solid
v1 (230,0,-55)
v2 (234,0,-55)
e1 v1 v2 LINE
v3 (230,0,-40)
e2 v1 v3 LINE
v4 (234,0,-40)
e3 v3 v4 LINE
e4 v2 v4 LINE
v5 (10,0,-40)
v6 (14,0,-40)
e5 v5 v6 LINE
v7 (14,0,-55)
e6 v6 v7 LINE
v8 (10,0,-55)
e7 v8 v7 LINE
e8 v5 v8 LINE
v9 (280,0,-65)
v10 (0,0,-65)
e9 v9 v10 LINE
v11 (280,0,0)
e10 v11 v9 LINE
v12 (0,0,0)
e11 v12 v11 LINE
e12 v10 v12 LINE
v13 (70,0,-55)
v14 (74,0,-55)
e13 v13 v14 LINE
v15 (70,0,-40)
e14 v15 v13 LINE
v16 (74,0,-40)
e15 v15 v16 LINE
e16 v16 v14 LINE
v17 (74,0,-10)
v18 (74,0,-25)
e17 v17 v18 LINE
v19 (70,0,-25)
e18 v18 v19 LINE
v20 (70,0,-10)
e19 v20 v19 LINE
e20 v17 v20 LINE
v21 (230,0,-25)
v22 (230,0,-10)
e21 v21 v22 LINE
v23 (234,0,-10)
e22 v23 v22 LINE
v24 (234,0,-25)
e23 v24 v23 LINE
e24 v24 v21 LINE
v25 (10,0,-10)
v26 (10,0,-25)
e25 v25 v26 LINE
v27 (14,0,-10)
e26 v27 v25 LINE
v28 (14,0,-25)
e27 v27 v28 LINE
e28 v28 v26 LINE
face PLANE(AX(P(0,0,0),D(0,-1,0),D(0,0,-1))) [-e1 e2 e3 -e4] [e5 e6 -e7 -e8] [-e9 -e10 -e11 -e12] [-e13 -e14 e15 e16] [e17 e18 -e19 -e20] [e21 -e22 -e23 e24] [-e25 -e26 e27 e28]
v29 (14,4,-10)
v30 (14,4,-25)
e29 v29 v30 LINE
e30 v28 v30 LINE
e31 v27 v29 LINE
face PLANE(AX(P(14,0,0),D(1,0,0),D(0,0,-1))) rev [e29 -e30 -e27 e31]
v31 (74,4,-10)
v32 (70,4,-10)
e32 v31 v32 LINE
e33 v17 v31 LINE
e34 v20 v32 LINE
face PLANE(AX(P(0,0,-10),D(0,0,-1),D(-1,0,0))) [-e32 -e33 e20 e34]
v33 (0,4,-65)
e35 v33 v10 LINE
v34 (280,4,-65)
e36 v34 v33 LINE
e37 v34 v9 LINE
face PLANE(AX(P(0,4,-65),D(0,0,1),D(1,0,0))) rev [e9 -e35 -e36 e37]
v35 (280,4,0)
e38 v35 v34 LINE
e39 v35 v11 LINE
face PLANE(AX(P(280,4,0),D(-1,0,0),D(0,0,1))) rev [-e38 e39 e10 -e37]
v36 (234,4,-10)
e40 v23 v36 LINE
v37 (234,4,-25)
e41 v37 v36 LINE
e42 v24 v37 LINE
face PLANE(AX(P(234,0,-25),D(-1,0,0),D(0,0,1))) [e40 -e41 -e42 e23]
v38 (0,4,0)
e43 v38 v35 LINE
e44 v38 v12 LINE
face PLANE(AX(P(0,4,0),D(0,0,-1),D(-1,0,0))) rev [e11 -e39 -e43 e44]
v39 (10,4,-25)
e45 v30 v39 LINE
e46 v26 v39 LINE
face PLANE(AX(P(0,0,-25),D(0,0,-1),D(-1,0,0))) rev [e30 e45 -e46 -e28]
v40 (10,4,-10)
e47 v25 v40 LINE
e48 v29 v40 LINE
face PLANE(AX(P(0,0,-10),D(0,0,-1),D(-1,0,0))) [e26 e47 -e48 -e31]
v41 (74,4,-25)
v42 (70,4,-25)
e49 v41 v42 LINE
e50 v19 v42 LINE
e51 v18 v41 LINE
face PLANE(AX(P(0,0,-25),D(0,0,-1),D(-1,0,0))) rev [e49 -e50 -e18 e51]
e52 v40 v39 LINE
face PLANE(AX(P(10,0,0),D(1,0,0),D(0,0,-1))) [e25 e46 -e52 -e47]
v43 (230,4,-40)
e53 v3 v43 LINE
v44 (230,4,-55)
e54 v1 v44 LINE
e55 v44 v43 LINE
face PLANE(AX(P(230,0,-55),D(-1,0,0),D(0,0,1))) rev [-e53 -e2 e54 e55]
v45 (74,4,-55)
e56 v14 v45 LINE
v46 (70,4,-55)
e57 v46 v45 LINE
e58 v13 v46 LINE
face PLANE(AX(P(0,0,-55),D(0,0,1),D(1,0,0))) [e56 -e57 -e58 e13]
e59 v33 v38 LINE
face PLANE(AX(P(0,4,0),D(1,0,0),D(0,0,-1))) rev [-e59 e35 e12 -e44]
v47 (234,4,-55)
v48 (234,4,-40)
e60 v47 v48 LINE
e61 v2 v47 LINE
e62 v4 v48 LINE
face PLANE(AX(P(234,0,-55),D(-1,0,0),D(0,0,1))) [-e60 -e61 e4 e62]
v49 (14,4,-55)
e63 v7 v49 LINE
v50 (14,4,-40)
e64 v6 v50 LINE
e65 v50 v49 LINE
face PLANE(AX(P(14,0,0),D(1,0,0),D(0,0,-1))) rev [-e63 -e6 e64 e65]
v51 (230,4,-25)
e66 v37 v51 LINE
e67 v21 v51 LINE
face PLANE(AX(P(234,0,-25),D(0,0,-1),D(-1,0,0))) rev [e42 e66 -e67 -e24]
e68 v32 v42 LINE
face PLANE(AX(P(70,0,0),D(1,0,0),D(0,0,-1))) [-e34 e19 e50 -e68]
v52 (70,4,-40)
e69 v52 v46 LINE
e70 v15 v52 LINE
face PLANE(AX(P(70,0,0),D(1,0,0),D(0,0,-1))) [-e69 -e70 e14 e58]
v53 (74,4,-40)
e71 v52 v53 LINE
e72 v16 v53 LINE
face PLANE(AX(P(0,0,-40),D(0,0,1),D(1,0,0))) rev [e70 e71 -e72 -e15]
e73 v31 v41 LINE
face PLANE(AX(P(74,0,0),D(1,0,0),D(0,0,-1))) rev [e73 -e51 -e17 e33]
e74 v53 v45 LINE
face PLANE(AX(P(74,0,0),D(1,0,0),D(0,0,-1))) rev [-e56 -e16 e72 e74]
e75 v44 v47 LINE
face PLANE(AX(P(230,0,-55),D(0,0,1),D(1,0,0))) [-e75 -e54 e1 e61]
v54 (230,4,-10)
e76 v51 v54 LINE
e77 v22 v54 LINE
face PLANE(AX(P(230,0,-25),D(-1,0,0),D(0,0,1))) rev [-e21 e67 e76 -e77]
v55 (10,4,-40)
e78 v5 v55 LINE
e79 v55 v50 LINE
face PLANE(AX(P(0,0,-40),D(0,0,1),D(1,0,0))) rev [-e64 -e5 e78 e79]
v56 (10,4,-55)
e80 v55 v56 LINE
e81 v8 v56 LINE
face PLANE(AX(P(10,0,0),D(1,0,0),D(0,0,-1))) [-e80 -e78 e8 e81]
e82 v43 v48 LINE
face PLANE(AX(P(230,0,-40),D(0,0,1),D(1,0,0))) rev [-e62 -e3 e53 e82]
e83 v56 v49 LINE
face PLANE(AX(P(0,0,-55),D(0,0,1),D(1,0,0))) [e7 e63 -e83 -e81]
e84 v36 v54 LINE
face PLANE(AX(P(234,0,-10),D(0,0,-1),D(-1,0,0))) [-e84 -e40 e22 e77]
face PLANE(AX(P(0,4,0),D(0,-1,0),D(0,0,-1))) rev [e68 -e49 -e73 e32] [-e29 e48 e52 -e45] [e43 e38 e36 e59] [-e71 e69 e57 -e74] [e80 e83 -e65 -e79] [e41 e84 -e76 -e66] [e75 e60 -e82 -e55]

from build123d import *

# Parameters (mm, degrees)
SKETCH1_W           = 280
SKETCH1_H           = 65
BOSS_EXTRUDE1_DEPTH = 4
SKETCH2_W           = 4
SKETCH2_H           = 15
CUT_EXTRUDE1_DEPTH  = 4


with BuildPart() as part:
    # Sketch1 → Boss-Extrude1 (new body)
    with BuildSketch(Plane(origin=(0, 0, 0), x_dir=(1, 0, 0), z_dir=(0, 1, 0))):
        with Locations((140, 32.5)):
            Rectangle(SKETCH1_W, SKETCH1_H)
    extrude(amount=BOSS_EXTRUDE1_DEPTH)

    # Sketch2 → Cut-Extrude1 (cut)
    with BuildSketch(Plane(origin=(0, 4, 0), x_dir=(1, 0, 0), z_dir=(0, 1, 0))):
        with Locations((12, 47.5)):
            Rectangle(SKETCH2_W, SKETCH2_H)
        with Locations((12, 17.5)):
            Rectangle(SKETCH2_W, SKETCH2_H)
        with Locations((72, 17.5)):
            Rectangle(SKETCH2_W, SKETCH2_H)
        with Locations((72, 47.5)):
            Rectangle(SKETCH2_W, SKETCH2_H)
        with Locations((232, 47.5)):
            Rectangle(SKETCH2_W, SKETCH2_H)
        with Locations((232, 17.5)):
            Rectangle(SKETCH2_W, SKETCH2_H)
    extrude(amount=-CUT_EXTRUDE1_DEPTH, mode=Mode.SUBTRACT)


solid = part.part
